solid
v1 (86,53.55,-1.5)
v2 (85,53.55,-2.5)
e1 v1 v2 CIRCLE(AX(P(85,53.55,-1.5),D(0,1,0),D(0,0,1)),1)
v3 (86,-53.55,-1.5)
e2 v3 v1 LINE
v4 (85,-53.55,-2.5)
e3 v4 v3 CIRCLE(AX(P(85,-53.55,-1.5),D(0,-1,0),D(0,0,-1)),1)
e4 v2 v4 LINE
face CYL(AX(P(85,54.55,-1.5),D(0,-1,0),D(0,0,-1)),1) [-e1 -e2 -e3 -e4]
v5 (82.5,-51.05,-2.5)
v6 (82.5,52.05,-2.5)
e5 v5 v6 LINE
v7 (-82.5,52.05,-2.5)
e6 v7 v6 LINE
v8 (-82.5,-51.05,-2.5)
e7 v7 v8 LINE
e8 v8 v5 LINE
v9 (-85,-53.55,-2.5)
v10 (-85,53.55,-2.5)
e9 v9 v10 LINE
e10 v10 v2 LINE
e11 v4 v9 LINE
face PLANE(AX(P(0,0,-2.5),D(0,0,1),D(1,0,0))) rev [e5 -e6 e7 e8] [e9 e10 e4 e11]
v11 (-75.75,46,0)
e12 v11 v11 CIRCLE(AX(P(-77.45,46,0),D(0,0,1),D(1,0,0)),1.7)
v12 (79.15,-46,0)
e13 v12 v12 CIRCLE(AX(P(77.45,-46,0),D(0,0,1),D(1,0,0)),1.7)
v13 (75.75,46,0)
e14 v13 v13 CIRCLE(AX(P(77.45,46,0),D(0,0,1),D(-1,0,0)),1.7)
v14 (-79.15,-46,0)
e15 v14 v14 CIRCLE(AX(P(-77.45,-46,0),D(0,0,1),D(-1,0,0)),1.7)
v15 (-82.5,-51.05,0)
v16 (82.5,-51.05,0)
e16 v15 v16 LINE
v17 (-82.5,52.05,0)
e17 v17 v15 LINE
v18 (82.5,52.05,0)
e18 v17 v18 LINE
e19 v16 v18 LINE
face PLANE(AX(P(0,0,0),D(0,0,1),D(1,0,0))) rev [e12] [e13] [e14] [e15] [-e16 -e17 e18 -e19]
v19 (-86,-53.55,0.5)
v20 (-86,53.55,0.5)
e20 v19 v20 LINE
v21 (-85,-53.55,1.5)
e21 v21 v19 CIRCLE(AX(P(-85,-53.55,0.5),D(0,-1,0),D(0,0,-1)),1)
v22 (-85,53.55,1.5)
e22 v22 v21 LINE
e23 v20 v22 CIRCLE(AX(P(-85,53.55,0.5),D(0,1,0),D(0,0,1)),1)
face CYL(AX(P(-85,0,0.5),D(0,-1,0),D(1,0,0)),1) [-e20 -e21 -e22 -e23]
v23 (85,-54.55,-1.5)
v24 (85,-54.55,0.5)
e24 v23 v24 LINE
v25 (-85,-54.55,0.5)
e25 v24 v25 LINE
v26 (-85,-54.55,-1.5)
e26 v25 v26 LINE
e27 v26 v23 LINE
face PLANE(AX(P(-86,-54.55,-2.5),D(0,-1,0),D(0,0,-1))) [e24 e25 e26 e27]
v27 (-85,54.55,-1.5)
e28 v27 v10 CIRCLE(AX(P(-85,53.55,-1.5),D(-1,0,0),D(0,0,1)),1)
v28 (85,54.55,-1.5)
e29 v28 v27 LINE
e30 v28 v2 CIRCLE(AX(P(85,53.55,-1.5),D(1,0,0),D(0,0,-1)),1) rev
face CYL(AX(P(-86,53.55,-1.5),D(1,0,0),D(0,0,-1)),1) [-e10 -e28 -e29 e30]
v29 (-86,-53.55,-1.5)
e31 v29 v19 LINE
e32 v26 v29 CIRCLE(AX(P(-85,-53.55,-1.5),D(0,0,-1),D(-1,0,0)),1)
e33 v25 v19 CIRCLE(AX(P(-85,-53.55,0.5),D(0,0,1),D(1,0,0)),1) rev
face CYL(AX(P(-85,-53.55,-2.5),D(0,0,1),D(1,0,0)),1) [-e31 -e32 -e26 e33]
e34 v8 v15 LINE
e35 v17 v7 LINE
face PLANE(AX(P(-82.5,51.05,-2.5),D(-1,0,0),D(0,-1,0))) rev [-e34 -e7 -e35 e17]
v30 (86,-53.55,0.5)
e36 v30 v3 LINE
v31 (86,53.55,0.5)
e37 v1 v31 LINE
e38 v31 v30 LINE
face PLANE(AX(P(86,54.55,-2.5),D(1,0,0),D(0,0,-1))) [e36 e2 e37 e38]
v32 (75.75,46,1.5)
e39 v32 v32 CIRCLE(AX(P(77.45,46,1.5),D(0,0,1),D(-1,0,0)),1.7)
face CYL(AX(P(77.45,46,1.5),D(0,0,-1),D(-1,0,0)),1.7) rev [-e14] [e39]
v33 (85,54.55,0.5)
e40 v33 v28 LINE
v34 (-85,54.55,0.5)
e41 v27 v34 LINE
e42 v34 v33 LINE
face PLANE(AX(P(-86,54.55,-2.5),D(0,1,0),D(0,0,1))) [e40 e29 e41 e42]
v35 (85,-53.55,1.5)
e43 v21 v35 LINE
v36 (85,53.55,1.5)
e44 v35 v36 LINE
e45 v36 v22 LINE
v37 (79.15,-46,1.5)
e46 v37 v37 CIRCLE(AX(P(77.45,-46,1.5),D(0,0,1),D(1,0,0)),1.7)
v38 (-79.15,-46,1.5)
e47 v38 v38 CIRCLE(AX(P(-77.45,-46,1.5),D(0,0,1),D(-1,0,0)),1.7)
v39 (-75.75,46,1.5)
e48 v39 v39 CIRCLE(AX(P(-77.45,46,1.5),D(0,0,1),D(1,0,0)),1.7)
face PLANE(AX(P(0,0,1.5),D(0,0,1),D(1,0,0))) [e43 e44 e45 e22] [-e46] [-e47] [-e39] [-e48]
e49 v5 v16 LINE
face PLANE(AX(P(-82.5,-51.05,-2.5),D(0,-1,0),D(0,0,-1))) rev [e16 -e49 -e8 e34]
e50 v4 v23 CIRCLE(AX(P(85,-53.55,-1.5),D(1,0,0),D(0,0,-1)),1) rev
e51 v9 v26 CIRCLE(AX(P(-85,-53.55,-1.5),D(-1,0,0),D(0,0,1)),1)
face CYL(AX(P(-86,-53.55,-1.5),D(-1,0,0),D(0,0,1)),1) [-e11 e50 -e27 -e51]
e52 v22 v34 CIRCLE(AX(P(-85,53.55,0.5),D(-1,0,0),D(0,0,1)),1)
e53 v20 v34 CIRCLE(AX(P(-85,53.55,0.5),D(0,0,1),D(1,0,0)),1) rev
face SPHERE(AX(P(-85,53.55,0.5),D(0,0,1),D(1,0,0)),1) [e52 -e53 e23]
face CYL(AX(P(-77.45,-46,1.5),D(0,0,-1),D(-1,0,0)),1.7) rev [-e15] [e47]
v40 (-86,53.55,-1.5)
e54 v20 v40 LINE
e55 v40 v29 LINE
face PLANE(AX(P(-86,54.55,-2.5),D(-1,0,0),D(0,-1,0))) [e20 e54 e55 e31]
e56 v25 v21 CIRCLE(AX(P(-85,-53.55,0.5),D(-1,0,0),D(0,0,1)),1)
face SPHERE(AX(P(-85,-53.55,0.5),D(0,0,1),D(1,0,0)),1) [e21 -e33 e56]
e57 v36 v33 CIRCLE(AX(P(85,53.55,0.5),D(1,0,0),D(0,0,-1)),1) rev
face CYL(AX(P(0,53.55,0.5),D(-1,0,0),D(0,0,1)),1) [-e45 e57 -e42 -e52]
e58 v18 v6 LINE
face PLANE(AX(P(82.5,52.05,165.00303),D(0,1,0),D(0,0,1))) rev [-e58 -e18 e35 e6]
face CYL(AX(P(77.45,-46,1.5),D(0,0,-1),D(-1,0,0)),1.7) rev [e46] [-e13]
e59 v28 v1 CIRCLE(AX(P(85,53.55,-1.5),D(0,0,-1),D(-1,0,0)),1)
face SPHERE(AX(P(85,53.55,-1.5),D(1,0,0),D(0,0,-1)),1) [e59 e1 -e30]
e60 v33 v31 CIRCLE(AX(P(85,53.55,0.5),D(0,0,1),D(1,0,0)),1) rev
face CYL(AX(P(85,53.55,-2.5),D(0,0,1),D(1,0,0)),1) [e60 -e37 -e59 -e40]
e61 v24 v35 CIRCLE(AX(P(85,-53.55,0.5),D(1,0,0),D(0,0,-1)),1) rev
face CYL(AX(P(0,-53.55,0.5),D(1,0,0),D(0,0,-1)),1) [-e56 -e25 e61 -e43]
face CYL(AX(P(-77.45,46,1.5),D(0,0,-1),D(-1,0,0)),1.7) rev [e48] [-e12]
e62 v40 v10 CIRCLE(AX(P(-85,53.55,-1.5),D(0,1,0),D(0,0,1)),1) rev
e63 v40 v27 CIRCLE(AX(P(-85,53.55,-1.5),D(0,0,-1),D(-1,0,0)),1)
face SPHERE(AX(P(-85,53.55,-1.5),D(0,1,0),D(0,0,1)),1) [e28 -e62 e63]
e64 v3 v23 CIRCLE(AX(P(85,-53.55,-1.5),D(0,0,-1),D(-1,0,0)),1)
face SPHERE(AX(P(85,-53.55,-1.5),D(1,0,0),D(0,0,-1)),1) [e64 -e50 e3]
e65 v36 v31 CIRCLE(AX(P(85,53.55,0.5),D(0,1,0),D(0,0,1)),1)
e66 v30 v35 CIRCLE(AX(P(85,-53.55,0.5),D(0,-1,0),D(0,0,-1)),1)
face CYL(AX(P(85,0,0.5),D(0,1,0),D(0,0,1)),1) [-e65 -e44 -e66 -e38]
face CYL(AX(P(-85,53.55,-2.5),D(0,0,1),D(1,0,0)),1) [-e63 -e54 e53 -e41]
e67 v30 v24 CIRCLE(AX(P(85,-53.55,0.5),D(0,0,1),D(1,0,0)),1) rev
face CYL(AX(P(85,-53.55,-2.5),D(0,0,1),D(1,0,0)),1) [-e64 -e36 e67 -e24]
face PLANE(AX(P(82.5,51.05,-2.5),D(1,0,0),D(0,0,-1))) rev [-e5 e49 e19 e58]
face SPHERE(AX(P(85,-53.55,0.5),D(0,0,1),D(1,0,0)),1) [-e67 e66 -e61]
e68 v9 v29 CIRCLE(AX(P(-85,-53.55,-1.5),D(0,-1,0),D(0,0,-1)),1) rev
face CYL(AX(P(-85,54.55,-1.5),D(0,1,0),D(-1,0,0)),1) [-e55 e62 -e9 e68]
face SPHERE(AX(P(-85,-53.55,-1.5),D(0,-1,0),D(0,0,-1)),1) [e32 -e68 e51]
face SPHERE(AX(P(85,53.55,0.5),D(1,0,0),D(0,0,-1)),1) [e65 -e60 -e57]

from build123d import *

# Parameters (mm, degrees)
SKETCH1_W           = 165
SKETCH1_H           = 102.1
SKETCH1_R           = 1.7
BOSS_EXTRUDE1_DEPTH = 1.5
SKETCH2_W           = 172
SKETCH2_H           = 109.1
SKETCH2_W_2         = 165
SKETCH2_H_2         = 102.1
BOSS_EXTRUDE2_DEPTH = 4
SKETCH3_W           = 165
SKETCH3_H           = 1
CUT_EXTRUDE1_DEPTH  = 2.5
FILLET1_R           = 1


with BuildPart() as part:
    # Sketch1 → Boss-Extrude1 (new body)
    with BuildSketch(Plane.XY):
        Rectangle(SKETCH1_W, SKETCH1_H)
        with Locations((-77.45, 46)):
            Circle(SKETCH1_R, mode=Mode.SUBTRACT)
        with Locations(Location((77.45, 46, 0), (0, 0, 180))):
            Circle(SKETCH1_R, mode=Mode.SUBTRACT)
        with Locations((77.45, -46)):
            Circle(SKETCH1_R, mode=Mode.SUBTRACT)
        with Locations(Location((-77.45, -46, 0), (0, 0, 180))):
            Circle(SKETCH1_R, mode=Mode.SUBTRACT)
    extrude(amount=BOSS_EXTRUDE1_DEPTH)

    # Sketch2 → Boss-Extrude2 (add)
    with BuildSketch(Plane.XY.offset(1.5)):
        Rectangle(SKETCH2_W, SKETCH2_H)
        Rectangle(SKETCH2_W_2, SKETCH2_H_2, mode=Mode.SUBTRACT)
    extrude(amount=-BOSS_EXTRUDE2_DEPTH)

    # Sketch3 → Cut-Extrude1 (cut)
    with BuildSketch(Plane(origin=(0, 0, -2.5), x_dir=(-1, 0, 0), z_dir=(0, 0, -1))):
        with Locations((0, 51.55)):
            Rectangle(SKETCH3_W, SKETCH3_H)
    extrude(amount=-CUT_EXTRUDE1_DEPTH, mode=Mode.SUBTRACT)

    # Fillet1
    fillet1_edges = [part.edges().sort_by_distance(p)[0] for p in [
        (-86, 0, -2.5),
        (-86, -54.55, -0.5),
        (0, 54.55, -2.5),
        (-86, 54.55, -0.5),
        (86, 0, -2.5),
        (86, 54.55, -0.5),
        (0, -54.55, -2.5),
        (86, -54.55, -0.5),
        (-86, 0, 1.5),
        (0, -54.55, 1.5),
        (86, 0, 1.5),
        (0, 54.55, 1.5),
    ]]
    fillet(fillet1_edges, radius=FILLET1_R)


solid = part.part
